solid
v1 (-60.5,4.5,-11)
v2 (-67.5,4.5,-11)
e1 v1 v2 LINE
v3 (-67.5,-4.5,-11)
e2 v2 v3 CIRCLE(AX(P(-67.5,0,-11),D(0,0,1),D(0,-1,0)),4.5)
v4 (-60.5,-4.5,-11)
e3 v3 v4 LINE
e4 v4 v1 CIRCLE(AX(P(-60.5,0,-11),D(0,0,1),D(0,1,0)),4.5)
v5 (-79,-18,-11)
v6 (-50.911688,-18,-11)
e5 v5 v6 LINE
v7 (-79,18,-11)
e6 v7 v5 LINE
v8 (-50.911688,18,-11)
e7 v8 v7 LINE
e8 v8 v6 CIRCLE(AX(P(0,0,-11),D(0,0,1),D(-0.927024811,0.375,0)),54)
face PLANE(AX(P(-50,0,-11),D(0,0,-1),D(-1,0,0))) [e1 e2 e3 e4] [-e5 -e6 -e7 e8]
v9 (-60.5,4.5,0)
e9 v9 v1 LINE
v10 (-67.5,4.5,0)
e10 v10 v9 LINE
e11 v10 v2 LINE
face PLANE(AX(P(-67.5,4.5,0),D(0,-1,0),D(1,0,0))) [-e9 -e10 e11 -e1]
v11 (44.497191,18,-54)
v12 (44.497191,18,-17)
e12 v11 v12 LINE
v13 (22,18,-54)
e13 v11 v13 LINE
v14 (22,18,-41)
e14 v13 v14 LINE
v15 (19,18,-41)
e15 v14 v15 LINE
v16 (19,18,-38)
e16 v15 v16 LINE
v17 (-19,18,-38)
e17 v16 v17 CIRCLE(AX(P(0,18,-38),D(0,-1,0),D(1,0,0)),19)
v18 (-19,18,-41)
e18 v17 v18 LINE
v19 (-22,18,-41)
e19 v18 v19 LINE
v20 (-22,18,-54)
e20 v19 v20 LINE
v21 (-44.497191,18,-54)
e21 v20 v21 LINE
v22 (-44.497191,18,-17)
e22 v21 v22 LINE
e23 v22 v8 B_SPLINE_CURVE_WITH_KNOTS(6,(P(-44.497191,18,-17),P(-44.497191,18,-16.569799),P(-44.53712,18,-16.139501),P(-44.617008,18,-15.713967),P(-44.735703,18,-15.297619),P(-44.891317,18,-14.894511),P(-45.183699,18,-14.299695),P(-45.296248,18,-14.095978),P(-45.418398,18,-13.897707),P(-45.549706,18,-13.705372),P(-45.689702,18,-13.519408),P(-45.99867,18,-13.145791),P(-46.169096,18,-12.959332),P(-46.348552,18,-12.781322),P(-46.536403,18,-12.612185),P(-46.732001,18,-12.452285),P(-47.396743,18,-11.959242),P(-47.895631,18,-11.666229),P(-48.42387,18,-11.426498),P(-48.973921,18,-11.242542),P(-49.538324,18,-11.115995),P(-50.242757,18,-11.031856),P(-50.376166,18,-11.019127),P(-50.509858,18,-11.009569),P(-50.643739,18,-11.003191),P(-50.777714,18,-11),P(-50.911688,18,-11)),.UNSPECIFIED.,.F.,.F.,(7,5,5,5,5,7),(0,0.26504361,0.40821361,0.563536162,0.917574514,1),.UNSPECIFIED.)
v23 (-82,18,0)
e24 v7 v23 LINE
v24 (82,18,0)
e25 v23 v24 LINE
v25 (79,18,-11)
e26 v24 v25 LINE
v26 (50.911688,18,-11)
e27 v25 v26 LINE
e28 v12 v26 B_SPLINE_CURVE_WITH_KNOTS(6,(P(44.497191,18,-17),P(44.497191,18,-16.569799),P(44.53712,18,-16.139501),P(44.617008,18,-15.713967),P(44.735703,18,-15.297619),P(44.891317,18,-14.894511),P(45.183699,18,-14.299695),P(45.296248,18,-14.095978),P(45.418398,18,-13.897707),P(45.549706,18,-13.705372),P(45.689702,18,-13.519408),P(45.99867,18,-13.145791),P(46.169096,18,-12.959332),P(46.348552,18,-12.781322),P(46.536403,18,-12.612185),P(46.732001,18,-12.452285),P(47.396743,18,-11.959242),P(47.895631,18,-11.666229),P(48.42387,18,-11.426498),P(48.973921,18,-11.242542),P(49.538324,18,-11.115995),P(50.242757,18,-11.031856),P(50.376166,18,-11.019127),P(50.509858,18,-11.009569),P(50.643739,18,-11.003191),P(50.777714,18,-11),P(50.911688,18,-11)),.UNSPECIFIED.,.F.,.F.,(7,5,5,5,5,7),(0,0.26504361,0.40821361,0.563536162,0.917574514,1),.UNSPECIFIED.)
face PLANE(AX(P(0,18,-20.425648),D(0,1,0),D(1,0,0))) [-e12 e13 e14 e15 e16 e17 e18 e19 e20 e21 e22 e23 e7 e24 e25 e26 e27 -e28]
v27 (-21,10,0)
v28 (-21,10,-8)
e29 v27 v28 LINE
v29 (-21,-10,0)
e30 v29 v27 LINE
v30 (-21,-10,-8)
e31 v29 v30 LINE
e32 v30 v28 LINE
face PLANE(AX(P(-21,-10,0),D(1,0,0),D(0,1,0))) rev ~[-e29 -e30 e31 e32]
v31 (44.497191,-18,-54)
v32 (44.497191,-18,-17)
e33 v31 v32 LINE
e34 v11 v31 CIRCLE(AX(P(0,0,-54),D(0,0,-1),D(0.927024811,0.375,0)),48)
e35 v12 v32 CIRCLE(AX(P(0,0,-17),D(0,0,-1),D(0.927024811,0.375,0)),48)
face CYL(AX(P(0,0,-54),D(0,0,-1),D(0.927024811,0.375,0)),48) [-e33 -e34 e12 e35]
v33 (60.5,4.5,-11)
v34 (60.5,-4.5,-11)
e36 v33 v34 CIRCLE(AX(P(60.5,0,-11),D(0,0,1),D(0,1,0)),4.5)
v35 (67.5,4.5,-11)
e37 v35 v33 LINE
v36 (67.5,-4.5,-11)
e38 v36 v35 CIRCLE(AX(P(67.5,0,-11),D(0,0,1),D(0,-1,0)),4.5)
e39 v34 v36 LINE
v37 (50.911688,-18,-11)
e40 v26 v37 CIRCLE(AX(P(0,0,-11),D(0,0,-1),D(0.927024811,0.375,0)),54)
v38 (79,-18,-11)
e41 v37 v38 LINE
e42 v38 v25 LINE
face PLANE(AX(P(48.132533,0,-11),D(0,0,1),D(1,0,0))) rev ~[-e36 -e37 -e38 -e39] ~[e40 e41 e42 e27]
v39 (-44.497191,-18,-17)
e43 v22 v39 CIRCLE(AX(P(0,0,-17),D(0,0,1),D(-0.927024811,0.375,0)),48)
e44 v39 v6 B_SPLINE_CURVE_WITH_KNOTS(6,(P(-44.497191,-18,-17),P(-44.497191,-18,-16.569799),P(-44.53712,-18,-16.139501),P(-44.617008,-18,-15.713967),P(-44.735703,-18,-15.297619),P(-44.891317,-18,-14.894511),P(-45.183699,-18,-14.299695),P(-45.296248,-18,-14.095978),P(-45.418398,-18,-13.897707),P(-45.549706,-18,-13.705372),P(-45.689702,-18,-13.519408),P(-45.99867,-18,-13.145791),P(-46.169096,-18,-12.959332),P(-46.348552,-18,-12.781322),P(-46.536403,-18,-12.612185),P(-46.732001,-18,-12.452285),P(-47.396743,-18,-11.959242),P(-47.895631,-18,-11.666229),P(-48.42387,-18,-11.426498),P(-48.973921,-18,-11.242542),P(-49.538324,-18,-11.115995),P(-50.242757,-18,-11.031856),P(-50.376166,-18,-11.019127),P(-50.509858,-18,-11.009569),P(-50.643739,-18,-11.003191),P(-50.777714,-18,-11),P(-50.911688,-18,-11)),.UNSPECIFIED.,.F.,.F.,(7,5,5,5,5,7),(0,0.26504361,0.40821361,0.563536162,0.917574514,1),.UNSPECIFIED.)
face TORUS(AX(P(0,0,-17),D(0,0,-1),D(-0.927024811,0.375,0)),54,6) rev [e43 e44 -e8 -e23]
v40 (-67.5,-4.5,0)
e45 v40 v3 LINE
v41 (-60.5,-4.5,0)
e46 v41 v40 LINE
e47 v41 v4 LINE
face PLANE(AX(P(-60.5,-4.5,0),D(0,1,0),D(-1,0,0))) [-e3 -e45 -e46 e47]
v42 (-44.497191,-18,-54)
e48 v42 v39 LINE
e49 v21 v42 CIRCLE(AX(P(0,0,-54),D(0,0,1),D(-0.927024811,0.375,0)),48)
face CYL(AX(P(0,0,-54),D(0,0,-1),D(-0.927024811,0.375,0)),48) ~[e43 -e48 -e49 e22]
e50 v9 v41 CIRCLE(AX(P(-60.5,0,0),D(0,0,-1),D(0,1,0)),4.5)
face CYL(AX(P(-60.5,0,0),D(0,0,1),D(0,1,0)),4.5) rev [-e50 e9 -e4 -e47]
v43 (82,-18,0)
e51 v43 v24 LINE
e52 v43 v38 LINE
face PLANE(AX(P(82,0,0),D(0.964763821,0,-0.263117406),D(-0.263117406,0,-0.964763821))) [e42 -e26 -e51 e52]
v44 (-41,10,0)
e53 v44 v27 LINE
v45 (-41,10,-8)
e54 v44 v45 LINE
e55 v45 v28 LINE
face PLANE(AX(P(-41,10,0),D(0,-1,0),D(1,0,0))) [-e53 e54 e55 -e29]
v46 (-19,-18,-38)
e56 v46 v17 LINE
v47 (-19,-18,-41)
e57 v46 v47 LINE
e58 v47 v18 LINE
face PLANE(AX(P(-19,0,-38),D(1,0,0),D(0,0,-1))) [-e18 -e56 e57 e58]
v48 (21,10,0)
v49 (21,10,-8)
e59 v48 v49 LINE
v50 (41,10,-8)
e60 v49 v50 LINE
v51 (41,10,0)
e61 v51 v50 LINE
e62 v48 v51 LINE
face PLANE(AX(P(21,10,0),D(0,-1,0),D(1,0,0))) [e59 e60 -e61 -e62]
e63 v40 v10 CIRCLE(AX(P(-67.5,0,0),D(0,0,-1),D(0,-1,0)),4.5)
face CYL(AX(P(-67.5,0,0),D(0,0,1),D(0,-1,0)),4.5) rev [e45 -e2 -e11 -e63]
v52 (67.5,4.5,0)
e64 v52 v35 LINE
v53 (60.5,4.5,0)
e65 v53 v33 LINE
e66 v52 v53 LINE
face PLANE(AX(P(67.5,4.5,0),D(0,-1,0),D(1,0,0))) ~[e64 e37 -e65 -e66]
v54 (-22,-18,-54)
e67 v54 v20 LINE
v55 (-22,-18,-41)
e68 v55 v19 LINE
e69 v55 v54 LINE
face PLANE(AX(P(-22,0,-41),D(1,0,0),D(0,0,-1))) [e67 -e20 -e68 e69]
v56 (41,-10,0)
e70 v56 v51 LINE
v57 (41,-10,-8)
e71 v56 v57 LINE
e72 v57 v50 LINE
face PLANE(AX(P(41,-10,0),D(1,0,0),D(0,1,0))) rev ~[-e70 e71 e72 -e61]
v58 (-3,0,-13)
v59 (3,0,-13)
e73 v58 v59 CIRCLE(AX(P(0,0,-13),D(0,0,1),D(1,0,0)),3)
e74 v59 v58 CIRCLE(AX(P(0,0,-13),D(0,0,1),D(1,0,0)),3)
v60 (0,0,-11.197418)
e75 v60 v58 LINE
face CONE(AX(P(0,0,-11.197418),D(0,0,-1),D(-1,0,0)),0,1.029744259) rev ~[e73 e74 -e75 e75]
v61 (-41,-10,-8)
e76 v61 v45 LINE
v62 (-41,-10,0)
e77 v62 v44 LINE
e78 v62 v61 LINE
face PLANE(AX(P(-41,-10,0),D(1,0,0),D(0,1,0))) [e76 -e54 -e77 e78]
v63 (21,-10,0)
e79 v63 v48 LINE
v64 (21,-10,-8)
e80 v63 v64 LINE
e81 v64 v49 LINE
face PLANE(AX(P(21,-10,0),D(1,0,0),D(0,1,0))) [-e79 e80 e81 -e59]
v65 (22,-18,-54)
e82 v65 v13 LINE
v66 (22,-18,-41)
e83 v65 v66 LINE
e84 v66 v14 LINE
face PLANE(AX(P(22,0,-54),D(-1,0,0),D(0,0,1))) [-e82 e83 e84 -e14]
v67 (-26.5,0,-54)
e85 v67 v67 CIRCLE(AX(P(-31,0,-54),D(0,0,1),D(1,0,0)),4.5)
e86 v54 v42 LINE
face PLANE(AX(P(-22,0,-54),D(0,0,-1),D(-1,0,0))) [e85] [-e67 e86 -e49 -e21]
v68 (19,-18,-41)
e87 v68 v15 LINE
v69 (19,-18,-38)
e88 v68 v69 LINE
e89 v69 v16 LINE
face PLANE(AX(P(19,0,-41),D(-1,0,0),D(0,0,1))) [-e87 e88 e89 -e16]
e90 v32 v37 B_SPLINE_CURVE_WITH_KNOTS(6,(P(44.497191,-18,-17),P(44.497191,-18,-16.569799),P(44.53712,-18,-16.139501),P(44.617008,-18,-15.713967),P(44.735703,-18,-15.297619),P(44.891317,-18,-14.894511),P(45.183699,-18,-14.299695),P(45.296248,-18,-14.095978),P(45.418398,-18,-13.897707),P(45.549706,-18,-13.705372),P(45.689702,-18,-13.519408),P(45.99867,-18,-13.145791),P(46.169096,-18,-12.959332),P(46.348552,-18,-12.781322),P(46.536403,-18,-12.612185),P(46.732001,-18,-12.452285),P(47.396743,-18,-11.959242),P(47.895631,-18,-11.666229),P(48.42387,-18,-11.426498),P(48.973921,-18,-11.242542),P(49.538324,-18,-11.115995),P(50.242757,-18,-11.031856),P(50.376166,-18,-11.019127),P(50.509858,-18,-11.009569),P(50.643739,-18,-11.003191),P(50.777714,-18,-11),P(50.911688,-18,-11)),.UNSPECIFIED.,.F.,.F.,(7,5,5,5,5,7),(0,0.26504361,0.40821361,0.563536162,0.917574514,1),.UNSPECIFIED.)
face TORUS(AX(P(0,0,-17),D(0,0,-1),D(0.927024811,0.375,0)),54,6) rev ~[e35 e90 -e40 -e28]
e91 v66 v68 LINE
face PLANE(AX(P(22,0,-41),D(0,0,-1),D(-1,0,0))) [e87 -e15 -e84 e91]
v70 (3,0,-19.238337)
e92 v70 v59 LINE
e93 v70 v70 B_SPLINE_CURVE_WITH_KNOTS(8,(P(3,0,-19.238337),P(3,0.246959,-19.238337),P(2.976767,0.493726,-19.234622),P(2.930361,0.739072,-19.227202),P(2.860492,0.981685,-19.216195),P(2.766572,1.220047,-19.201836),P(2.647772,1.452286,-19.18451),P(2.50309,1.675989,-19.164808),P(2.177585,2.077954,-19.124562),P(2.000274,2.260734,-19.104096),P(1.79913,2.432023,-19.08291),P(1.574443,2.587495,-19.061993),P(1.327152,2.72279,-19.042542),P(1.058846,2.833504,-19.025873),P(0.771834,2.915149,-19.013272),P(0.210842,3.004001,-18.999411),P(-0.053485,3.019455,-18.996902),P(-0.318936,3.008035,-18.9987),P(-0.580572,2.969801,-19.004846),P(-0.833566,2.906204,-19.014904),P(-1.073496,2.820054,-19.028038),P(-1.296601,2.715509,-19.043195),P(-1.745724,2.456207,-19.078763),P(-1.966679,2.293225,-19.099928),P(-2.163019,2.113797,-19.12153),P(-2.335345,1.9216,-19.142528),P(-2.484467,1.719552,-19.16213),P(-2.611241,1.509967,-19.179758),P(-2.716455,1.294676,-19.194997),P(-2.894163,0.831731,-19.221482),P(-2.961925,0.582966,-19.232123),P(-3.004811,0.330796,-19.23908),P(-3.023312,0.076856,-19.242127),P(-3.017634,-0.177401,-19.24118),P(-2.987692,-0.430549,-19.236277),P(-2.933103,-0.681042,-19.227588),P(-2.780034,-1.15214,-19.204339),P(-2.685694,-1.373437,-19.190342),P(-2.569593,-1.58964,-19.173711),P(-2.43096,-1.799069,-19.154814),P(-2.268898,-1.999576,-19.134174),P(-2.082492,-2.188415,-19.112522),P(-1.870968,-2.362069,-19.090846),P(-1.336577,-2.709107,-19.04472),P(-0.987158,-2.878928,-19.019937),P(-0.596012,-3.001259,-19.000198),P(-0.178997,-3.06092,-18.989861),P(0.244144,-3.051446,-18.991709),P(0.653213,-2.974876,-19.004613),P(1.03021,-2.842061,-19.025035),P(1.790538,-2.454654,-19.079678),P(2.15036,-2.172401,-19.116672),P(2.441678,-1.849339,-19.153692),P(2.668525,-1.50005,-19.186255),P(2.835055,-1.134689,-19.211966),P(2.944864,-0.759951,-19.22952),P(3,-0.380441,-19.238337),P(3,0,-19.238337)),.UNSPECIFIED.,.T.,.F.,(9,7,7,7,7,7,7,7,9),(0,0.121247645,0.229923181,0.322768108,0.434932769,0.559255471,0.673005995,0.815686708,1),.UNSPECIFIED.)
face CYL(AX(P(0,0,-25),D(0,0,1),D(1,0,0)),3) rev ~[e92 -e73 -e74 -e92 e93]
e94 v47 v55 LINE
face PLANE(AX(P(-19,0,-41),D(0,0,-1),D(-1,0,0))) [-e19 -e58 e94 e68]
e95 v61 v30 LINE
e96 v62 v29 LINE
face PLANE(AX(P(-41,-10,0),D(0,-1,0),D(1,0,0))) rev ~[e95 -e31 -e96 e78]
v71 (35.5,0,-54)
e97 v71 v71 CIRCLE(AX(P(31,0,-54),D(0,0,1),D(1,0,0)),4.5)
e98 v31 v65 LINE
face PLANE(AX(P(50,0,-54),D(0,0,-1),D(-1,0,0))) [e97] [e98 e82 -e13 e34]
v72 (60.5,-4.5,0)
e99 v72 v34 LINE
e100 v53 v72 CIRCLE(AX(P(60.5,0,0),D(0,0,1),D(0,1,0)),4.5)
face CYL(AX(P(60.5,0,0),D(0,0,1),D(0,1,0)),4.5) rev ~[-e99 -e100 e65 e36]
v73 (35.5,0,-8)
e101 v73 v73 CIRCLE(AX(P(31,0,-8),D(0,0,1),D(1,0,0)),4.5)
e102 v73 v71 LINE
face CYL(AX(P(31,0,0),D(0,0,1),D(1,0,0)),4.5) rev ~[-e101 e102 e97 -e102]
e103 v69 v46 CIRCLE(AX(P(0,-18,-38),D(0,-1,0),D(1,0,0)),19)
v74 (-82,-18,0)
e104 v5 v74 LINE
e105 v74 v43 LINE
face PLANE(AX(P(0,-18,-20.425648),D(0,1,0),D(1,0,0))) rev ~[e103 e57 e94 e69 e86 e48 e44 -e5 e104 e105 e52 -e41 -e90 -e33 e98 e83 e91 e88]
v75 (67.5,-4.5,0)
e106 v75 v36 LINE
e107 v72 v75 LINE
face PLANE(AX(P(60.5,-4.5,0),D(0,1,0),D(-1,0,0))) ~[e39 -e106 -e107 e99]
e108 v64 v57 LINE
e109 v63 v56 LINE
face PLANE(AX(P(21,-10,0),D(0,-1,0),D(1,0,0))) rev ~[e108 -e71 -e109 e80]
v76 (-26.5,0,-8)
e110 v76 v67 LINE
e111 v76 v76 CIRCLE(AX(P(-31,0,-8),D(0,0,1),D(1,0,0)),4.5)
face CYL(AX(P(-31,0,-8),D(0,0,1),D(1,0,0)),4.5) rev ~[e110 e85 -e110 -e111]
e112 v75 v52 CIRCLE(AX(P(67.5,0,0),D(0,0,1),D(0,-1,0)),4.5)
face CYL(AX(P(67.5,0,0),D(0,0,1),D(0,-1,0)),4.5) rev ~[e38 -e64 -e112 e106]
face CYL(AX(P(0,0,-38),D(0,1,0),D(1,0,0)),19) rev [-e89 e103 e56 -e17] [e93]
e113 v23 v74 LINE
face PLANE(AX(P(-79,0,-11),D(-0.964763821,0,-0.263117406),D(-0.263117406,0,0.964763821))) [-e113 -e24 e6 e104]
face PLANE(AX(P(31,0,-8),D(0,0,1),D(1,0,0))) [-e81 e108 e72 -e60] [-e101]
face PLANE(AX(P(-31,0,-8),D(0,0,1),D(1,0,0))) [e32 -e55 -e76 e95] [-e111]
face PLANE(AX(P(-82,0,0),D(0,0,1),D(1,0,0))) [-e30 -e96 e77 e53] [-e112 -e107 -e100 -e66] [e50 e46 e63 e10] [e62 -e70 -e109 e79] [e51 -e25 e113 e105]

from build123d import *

# Parameters (mm, degrees)
BOSS_EXTRUDE1_DEPTH       = 18
SKETCH3_W                 = 20
SKETCH3_H                 = 20
CUT_EXTRUDE3_DEPTH        = 8
SKETCH5_R                 = 4.5
CUT_EXTRUDE4_DEPTH        = 47
CUT_EXTRUDE1_DEPTH        = 43
FILLET1_R                 = 6
CUT_EXTRUDE5_DEPTH        = 55.0000001
SKETCH8_R                 = 4.5
CUT_EXTRUDE6_DEPTH        = 55.0000001
SKETCH9_W                 = 20
SKETCH9_H                 = 20
CUT_EXTRUDE7_DEPTH        = 8
F_6_0MM_DOWEL_HOLE1_D     = 6
F_6_0MM_DOWEL_HOLE1_DEPTH = 6
F_6_0MM_DOWEL_HOLE1_TIP   = 1.802581857


with BuildPart() as part:
    # Sketch1 → Boss-Extrude1 (new body, symmetric)
    with BuildSketch(Plane(origin=(0, 0, 0), x_dir=(1, 0, 0), z_dir=(0, 1, 0))):
        with BuildLine():
            Line((-82, 0), (82, 0))
            Line((82, 0), (79, 11))
            Line((79, 11), (50, 11))
            Line((50, 11), (50, 54))
            Line((50, 54), (22, 54))
            Line((22, 54), (22, 41))
            Line((22, 41), (19, 41))
            Line((19, 41), (19, 38))
            ThreePointArc((19, 38), (0, 19), (-19, 38))
            Line((-19, 38), (-19, 41))
            Line((-19, 41), (-22, 41))
            Line((-22, 41), (-22, 54))
            Line((-22, 54), (-50, 54))
            Line((-50, 54), (-50, 11))
            Line((-50, 11), (-79, 11))
            Line((-79, 11), (-82, 0))
        make_face()
    extrude(amount=BOSS_EXTRUDE1_DEPTH, both=True)

    # Sketch3 → Cut-Extrude3 (cut)
    with BuildSketch(Plane.XY):
        with Locations((-31, 0)):
            Rectangle(SKETCH3_W, SKETCH3_H)
    extrude(amount=-CUT_EXTRUDE3_DEPTH, mode=Mode.SUBTRACT)

    # Sketch5 → Cut-Extrude4 (cut, through all)
    with BuildSketch(Plane.XY.offset(-8)):
        with Locations((-31, 0)):
            Circle(SKETCH5_R)
    extrude(amount=-CUT_EXTRUDE4_DEPTH, mode=Mode.SUBTRACT)

    # Sketch2 → Cut-Extrude1 (cut)
    with BuildSketch(Plane(origin=(0, 0, -54), x_dir=(-1, 0, 0), z_dir=(0, 0, -1))):
        with BuildLine():
            Line((50, -18), (50, 18))
            Line((50, 18), (44.497190923, 18))
            ThreePointArc((44.497190923, 18), (48, 0), (44.497190923, -18))
            Line((44.497190923, -18), (50, -18))
        make_face()
        with BuildLine():
            ThreePointArc((-44.497190923, 18), (-48, 0), (-44.497190923, -18))
            Line((-44.497190923, -18), (-50, -18))
            Line((-50, -18), (-50, 18))
            Line((-50, 18), (-44.497190923, 18))
        make_face()
    extrude(amount=-CUT_EXTRUDE1_DEPTH, mode=Mode.SUBTRACT)

    # Fillet1
    fillet1_edges = [part.edges().sort_by_distance(p)[0] for p in [
        (-48, 0, -11),
        (48, 0, -11),
    ]]
    fillet(fillet1_edges, radius=FILLET1_R)

    # Sketch6 → Cut-Extrude5 (cut, through all)
    with BuildSketch(Plane.XY):
        with BuildLine():
            Line((-60.5, -4.5), (-67.5, -4.5))
            ThreePointArc((-67.5, -4.5), (-72, 0), (-67.5, 4.5))
            Line((-67.5, 4.5), (-60.5, 4.5))
            ThreePointArc((-60.5, 4.5), (-56, 0), (-60.5, -4.5))
        make_face()
    cut_extrude5 = extrude(amount=-CUT_EXTRUDE5_DEPTH, mode=Mode.SUBTRACT)

    # Sketch8 → Cut-Extrude6 (cut, through all)
    with BuildSketch(Plane.XY):
        with Locations((31, 0)):
            Circle(SKETCH8_R)
    extrude(amount=-CUT_EXTRUDE6_DEPTH, mode=Mode.SUBTRACT)

    # Sketch9 → Cut-Extrude7 (cut)
    with BuildSketch(Plane.XY):
        with Locations((31, 0)):
            Rectangle(SKETCH9_W, SKETCH9_H)
    extrude(amount=-CUT_EXTRUDE7_DEPTH, mode=Mode.SUBTRACT)

    # Ø6.0mm Dowel Hole1
    with Locations(Plane(origin=(0, 0, -19), x_dir=(-1, 0, 0), z_dir=(0, 0, -1))):
        with Locations((0, 0)):
            Hole(F_6_0MM_DOWEL_HOLE1_D / 2, depth=F_6_0MM_DOWEL_HOLE1_DEPTH)
            with Locations((0, 0, -(F_6_0MM_DOWEL_HOLE1_DEPTH + F_6_0MM_DOWEL_HOLE1_TIP / 2))):  # 118° drill point
                Cone(0, F_6_0MM_DOWEL_HOLE1_D / 2, F_6_0MM_DOWEL_HOLE1_TIP, mode=Mode.SUBTRACT)

    # Mirror3: Cut-Extrude5 across plane
    add(cut_extrude5.mirror(Plane(origin=(0, 0, 0), x_dir=(0, 0, 1), z_dir=(1, 0, 0))), mode=Mode.SUBTRACT)


solid = part.part
